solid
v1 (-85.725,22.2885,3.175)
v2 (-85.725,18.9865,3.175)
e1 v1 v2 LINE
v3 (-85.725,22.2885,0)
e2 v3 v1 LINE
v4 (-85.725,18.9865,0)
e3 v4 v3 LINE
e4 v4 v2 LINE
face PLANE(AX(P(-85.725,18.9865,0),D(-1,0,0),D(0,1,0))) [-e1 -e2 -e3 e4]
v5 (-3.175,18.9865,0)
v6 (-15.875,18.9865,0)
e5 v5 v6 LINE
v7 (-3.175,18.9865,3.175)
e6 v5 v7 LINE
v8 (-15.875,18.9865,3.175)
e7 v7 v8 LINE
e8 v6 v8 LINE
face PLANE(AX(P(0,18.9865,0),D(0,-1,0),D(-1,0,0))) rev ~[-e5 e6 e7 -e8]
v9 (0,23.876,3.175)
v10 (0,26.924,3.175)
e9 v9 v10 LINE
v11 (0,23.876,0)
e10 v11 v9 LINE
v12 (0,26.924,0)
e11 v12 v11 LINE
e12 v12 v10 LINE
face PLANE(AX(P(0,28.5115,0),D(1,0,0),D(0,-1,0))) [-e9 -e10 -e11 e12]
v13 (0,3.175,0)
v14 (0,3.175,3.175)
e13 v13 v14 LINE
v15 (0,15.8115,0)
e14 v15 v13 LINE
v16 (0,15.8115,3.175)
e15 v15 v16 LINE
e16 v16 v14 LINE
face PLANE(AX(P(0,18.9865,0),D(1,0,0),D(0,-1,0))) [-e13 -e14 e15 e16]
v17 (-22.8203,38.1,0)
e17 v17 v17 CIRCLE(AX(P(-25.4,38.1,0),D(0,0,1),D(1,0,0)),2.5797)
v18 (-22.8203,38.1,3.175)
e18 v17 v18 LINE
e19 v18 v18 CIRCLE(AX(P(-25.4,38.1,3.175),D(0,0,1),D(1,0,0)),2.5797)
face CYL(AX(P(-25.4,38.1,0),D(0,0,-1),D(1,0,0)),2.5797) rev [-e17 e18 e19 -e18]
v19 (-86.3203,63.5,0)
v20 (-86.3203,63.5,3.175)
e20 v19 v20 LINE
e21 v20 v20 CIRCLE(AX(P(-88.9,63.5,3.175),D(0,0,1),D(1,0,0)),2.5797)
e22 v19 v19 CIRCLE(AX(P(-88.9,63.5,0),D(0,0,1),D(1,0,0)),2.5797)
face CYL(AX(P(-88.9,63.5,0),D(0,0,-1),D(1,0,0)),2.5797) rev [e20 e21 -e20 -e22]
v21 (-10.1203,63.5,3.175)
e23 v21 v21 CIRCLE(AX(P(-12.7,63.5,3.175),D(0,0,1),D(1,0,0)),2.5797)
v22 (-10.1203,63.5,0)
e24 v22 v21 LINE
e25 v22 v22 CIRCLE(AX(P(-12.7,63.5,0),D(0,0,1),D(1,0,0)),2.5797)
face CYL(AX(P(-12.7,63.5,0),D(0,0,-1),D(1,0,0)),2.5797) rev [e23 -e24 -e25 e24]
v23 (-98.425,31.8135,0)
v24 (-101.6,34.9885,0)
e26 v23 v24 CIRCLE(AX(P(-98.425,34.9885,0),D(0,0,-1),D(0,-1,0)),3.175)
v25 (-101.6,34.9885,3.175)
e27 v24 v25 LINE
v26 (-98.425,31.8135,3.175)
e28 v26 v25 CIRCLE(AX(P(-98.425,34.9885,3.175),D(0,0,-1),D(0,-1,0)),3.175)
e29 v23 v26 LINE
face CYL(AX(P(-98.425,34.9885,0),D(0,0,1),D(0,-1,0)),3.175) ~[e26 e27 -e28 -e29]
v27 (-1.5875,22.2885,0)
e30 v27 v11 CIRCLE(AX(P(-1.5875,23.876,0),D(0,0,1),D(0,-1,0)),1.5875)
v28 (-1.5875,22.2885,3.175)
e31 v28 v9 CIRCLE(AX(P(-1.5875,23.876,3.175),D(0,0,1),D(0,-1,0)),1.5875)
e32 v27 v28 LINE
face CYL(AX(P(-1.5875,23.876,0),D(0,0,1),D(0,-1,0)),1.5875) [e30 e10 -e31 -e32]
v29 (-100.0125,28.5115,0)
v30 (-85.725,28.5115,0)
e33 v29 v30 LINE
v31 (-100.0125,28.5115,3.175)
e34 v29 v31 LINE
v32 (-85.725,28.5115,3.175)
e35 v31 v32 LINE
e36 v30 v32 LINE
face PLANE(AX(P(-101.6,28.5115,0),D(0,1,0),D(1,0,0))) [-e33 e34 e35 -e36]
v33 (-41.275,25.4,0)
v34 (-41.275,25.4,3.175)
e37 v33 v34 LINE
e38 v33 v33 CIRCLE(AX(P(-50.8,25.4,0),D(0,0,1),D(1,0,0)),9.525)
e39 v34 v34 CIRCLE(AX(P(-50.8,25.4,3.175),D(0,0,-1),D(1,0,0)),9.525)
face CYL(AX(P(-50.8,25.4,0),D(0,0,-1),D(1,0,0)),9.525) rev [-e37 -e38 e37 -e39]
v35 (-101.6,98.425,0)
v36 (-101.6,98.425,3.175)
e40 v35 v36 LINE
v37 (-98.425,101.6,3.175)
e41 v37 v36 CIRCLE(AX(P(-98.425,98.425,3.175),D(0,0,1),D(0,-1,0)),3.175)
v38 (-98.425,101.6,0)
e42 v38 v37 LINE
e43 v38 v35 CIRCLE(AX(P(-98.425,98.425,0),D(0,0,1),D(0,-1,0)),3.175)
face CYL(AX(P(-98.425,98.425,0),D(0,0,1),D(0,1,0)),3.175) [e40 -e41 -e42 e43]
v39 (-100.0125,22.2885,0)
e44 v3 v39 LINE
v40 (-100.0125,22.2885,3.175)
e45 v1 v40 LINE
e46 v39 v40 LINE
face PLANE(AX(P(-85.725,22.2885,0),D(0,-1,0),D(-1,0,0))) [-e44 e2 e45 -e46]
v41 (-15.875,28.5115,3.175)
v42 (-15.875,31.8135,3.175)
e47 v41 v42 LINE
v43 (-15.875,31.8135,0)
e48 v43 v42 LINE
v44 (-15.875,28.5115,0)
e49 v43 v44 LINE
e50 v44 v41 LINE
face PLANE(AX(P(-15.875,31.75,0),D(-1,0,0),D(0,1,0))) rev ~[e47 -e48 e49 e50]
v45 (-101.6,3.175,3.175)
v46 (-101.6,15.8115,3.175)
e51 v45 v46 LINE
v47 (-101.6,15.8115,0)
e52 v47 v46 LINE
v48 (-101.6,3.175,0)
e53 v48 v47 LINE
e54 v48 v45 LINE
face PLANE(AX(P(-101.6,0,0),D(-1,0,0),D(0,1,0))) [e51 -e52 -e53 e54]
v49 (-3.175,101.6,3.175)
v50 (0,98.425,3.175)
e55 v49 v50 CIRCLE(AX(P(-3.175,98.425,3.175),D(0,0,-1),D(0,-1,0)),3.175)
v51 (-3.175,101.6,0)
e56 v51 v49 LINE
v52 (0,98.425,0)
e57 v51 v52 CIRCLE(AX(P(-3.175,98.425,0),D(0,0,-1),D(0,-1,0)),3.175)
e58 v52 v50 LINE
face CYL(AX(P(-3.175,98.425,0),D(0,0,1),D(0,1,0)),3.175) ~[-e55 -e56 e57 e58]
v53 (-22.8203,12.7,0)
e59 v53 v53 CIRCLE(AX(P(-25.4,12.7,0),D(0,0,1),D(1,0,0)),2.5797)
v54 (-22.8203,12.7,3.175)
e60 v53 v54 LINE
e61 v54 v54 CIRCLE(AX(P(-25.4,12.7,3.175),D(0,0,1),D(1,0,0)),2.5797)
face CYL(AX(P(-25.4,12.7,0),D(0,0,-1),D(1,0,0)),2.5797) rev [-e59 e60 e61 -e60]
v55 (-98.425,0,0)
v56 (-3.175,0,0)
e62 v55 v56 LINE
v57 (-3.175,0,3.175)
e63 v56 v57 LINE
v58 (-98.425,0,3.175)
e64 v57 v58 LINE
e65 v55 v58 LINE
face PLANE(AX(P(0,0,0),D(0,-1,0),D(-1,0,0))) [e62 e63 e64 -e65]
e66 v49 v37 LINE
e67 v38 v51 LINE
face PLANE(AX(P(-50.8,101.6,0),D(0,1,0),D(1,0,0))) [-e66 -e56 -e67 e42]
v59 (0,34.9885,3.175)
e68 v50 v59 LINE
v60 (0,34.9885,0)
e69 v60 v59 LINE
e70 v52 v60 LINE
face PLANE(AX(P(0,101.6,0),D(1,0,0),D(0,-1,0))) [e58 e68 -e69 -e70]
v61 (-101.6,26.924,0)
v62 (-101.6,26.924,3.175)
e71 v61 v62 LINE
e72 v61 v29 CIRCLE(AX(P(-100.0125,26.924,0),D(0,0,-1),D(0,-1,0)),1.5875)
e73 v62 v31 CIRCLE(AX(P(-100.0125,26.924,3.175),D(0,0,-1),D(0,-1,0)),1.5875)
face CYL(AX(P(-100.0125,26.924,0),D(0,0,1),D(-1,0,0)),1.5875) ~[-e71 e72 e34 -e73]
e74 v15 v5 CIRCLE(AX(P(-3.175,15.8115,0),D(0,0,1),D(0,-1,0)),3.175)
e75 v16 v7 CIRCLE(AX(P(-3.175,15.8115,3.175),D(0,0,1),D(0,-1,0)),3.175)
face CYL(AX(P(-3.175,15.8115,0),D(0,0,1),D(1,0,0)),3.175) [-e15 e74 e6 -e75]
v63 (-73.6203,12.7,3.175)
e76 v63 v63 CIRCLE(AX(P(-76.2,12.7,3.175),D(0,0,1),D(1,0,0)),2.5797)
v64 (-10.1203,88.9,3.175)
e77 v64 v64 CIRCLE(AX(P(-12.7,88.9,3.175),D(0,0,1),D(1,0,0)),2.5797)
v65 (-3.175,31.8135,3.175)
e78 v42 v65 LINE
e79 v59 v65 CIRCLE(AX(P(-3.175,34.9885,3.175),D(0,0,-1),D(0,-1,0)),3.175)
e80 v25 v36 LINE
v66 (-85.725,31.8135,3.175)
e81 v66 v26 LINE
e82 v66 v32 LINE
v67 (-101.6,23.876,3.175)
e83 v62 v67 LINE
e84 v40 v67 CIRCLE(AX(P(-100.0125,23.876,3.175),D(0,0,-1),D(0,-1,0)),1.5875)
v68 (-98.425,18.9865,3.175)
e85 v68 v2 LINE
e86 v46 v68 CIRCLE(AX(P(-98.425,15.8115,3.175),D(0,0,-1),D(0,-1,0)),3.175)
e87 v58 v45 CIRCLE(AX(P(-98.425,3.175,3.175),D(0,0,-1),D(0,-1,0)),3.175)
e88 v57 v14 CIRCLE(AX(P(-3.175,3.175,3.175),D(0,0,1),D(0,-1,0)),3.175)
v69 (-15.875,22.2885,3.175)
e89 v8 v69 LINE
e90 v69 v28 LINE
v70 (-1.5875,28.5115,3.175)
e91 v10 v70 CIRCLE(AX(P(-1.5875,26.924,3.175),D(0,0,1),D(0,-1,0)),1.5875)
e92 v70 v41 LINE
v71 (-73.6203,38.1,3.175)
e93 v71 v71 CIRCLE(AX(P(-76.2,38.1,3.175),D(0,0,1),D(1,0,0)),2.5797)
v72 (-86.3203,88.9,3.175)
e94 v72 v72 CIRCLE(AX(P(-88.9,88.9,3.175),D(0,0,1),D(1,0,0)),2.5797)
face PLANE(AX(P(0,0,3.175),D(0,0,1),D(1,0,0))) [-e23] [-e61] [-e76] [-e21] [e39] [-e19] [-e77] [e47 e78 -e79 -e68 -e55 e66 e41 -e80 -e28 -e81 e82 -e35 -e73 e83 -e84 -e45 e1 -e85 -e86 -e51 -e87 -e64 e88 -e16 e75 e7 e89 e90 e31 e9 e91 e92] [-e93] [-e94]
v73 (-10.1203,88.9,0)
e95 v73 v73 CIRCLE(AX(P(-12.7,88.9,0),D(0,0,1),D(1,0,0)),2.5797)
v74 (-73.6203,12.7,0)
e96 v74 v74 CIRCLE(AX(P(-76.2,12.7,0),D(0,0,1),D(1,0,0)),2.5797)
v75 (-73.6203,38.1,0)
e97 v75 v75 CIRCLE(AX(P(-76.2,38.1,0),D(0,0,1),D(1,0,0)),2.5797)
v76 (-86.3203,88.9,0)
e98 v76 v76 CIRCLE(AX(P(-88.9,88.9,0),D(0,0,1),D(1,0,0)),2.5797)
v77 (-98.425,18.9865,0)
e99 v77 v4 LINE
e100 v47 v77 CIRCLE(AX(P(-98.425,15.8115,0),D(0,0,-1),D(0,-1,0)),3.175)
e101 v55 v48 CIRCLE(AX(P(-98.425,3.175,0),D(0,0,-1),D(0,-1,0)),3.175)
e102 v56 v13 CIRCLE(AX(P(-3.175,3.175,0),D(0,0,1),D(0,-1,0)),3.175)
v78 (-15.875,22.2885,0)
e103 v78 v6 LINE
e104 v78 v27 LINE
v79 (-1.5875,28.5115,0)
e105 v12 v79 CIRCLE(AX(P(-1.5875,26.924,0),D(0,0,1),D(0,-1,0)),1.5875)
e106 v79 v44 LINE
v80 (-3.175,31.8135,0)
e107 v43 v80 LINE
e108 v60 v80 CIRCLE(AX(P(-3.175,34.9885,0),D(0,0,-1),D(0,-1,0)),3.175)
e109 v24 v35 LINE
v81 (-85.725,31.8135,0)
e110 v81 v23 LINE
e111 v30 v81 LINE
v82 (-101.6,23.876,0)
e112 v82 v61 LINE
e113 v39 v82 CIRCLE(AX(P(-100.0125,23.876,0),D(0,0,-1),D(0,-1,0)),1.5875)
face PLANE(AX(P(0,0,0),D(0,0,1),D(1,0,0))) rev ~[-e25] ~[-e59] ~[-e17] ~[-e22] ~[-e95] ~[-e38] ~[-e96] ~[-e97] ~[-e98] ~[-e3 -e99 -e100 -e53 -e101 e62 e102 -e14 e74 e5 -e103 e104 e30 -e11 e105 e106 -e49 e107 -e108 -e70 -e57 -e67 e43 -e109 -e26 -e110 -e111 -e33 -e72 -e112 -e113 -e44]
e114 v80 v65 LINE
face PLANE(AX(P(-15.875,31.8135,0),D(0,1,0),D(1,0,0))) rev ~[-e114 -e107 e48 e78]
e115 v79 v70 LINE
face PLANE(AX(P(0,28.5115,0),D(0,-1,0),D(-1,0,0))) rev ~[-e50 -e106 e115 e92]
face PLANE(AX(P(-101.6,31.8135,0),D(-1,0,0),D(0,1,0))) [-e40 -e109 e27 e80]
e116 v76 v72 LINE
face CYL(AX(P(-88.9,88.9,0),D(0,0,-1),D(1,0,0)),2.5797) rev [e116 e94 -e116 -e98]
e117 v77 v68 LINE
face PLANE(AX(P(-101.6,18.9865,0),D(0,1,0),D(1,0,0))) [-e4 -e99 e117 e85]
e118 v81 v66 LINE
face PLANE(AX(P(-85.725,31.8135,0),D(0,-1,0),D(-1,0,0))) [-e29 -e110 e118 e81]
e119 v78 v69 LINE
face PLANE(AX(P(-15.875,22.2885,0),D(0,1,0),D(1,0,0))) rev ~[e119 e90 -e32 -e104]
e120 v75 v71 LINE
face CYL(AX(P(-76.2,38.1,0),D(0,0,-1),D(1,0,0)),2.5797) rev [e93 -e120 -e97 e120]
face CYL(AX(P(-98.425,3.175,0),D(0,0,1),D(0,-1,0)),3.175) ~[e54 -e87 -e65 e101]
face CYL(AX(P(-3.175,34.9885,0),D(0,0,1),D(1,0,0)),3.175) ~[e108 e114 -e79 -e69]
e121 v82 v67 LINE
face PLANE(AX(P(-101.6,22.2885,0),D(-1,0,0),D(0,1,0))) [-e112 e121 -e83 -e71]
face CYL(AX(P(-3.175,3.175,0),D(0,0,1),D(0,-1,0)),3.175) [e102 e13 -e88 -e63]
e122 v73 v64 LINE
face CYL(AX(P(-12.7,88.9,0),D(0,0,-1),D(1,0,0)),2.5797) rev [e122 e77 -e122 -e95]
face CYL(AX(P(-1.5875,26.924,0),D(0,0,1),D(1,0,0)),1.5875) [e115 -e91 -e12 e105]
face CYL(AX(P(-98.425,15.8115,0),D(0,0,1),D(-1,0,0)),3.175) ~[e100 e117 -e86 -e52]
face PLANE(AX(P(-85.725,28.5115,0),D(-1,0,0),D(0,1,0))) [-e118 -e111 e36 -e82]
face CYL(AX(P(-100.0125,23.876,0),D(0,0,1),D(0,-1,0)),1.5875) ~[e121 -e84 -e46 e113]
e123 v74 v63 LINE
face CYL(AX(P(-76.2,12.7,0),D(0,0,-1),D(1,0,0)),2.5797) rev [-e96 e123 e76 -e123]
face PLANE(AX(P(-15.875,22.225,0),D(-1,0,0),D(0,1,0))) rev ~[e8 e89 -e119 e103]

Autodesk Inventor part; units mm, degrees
ref_plane "YZ Plane" through (0, 0, 0) normal (1, 0, 0) x (0, 1, 0)
ref_plane "XZ Plane" through (0, 0, 0) normal (0, 1, 0) x (-1, 0, 0)
ref_plane "XY Plane" through (0, 0, 0) normal (0, 0, 1) x (1, 0, 0)
sketch "Sketch2" plane through (0, 0, 0) normal (0, 0, 1) x (1, 0, 0)
  line L0 (0, 0) -> (-101.6, 0)
  line L1 (-101.6, 0) -> (-101.6, 101.6)
  line L2 (-101.6, 101.6) -> (0, 101.6)
  line L3 (0, 101.6) -> (0, 0)
  circle A0 centre (-12.7, 88.9) radius 2.5797
  circle A1 centre (-50.8, 76.2) radius 9.525
  circle A2 centre (-25.4, 38.1) radius 2.5797
  circle A3 centre (-50.8, 25.4) radius 9.525
  circle A4 centre (-88.9, 88.9) radius 2.5797
  circle A5 centre (-12.7, 63.5) radius 2.5797
  circle A6 centre (-88.9, 63.5) radius 2.5797
  circle A7 centre (-76.2, 38.1) radius 2.5797
  circle A8 centre (-25.4, 12.7) radius 2.5797
  circle A9 centre (-76.2, 12.7) radius 2.5797
  line L4 (-85.725, 19.05) -> (-101.6, 19.05)
  line L5 (-101.6, 19.05) -> (-101.6, 22.225)
  line L6 (-101.6, 22.225) -> (-85.725, 22.225)
  line L7 (-85.725, 22.225) -> (-85.725, 19.05)
  line L8 (-101.6, 22.225) -> (-85.725, 22.225)
  line L9 (-85.725, 22.225) -> (-85.725, 23.8125)
  line L10 (-85.725, 23.8125) -> (-101.6, 23.8125)
  line L11 (-101.6, 23.8125) -> (-101.6, 22.225)
  line L12 (-85.725, 23.8125) -> (-101.6, 23.8125)
  line L13 (-101.6, 23.8125) -> (-101.6, 26.9875)
  line L14 (-101.6, 26.9875) -> (-85.725, 26.9875)
  line L15 (-85.725, 26.9875) -> (-85.725, 23.8125)
  line L16 (-101.6, 26.9875) -> (-85.725, 26.9875)
  line L17 (-85.725, 26.9875) -> (-85.725, 28.575)
  line L18 (-85.725, 28.575) -> (-101.6, 28.575)
  line L19 (-101.6, 28.575) -> (-101.6, 26.9875)
  line L20 (-85.725, 28.575) -> (-101.6, 28.575)
  line L21 (-101.6, 28.575) -> (-101.6, 31.75)
  line L22 (-101.6, 31.75) -> (-85.725, 31.75)
  line L23 (-85.725, 31.75) -> (-85.725, 28.575)
  line L24 (-85.725, 31.8135) -> (-101.6, 31.8135)
  line L25 (-101.6, 31.8135) -> (-101.6, 28.5115)
  line L26 (-101.6, 28.5115) -> (-85.725, 28.5115)
  line L27 (-85.725, 28.5115) -> (-85.725, 31.8135)
  line L28 (-85.725, 27.051) -> (-101.6, 27.051)
  line L29 (-101.6, 27.051) -> (-101.6, 23.749)
  line L30 (-101.6, 23.749) -> (-85.725, 23.749)
  line L31 (-85.725, 23.749) -> (-85.725, 27.051)
  line L32 (-85.725, 22.2885) -> (-101.6, 22.2885)
  line L33 (-101.6, 22.2885) -> (-101.6, 18.9865)
  line L34 (-101.6, 18.9865) -> (-85.725, 18.9865)
  line L35 (-85.725, 18.9865) -> (-85.725, 22.2885)
  line L36 (-101.6, 26.4583) -> (-85.725, 26.4583)
  line L37 (-85.725, 26.4583) -> (-85.725, 24.3417)
  line L38 (-85.725, 24.3417) -> (-101.6, 24.3417)
  line L39 (-101.6, 24.3417) -> (-101.6, 26.4583)
  line L40 (-50.8, 0) -> (-50.8, 101.6)
  line L41 (-15.875, 19.05) -> (0, 19.05)
  line L42 (0, 19.05) -> (0, 22.225)
  line L43 (0, 22.225) -> (-15.875, 22.225)
  line L44 (-15.875, 22.225) -> (-15.875, 19.05)
  line L45 (0, 22.225) -> (-15.875, 22.225)
  line L46 (-15.875, 22.225) -> (-15.875, 23.8125)
  line L47 (-15.875, 23.8125) -> (0, 23.8125)
  line L48 (0, 23.8125) -> (0, 22.225)
  line L49 (-15.875, 23.8125) -> (0, 23.8125)
  line L50 (0, 23.8125) -> (0, 26.9875)
  line L51 (0, 26.9875) -> (-15.875, 26.9875)
  line L52 (-15.875, 26.9875) -> (-15.875, 23.8125)
  line L53 (0, 26.9875) -> (-15.875, 26.9875)
  line L54 (-15.875, 26.9875) -> (-15.875, 28.575)
  line L55 (-15.875, 28.575) -> (0, 28.575)
  line L56 (0, 28.575) -> (0, 26.9875)
  line L57 (-15.875, 28.575) -> (0, 28.575)
  line L58 (0, 28.575) -> (0, 31.75)
  line L59 (0, 31.75) -> (-15.875, 31.75)
  line L60 (-15.875, 31.75) -> (-15.875, 28.575)
  line L61 (-15.875, 31.8135) -> (0, 31.8135)
  line L62 (0, 31.8135) -> (0, 28.5115)
  line L63 (0, 28.5115) -> (-15.875, 28.5115)
  line L64 (-15.875, 28.5115) -> (-15.875, 31.8135)
  line L65 (-15.875, 27.051) -> (0, 27.051)
  line L66 (0, 27.051) -> (0, 23.749)
  line L67 (0, 23.749) -> (-15.875, 23.749)
  line L68 (-15.875, 23.749) -> (-15.875, 27.051)
  line L69 (-15.875, 22.2885) -> (0, 22.2885)
  line L70 (0, 22.2885) -> (0, 18.9865)
  line L71 (0, 18.9865) -> (-15.875, 18.9865)
  line L72 (-15.875, 18.9865) -> (-15.875, 22.2885)
  line L73 (0, 26.4583) -> (-15.875, 26.4583)
  line L74 (-15.875, 26.4583) -> (-15.875, 24.3417)
  line L75 (-15.875, 24.3417) -> (0, 24.3417)
  line L76 (0, 24.3417) -> (0, 26.4583)
  point P0 (-101.6, 30.1625)
  point P1 (-101.6, 20.6375)
  point P2 (-101.6, 25.4)
  point P3 (-85.725, 25.4)
  point P4 (0, 30.1625)
  point P5 (0, 20.6375)
  point P6 (0, 25.4)
  point P7 (-15.875, 25.4)
  point P8 (-50.8, 15.875)
  point P9 (-50.8, 34.925)
  point P10 (-50.8, 66.675)
  point P11 (-50.8, 85.725)
  dimension "d60" = 101.6
  dimension "d61" = 101.6
  dimension "d62" = 19.05
  dimension "d63" = 5.1594
  dimension "d66" = 12.7
  dimension "d69" = 76.2
  dimension "d72" = 25.4
  dimension "d75" = 12.7
  dimension "d76" = 38.1
  dimension "d77" = 12.7
  dimension "d80" = 50.8
  dimension "d83" = 25.4
  dimension "d86" = 25.4
  dimension "d87" = 12.7
  dimension "d88" = 12.7
  dimension "d89" = 25.4
  dimension "d96" = 3.175
  dimension "d97" = 1.5875
  dimension "d98" = 3.302
  dimension "d101" = 2.1167
  dimension "d103" = 15.875
  dimension "d104" = 25.4
extrude "Extrusion2" add sketch "Sketch2" along normal blind 3.175 contours L0 L40 A3 A1 L2 L3 L61 L64 L60 L54 L52 L46 L44 L72 L71 | L0 L1 L34 L35 L7 L9 L15 L17 L23 L27 L24 L2 L40 A1 A3 | L40 A1 | A1 L40 | L69 L46 L67 L3 | L67 L46 L47 L3 | L1 L30 L9 L32 | L47 L52 L75 L3 | L1 L10 L9 L30 | L75 L52 L73 L3 | L1 L38 L15 L10 | L73 L52 L51 L3 | L1 L36 L15 L38 | L51 L54 L65 L3 | L1 L14 L15 L36 | L65 L54 L63 L3 | L1 L28 L17 L14 | L26 L17 L28 L1
fillet "Fillet3" radius 3.175 8 edges at (0, 101.6, 1.5875) (-101.6, 101.6, 1.5875) (0, 18.9865, 1.5875) (0, 31.8135, 1.5875) (0, 0, 1.5875) (-101.6, 0, 1.5875) (-101.6, 18.9865, 1.5875) (-101.6, 31.8135, 1.5875)
fillet "Fillet4" radius 1.5875 4 edges at (0, 22.2885, 1.5875) (0, 28.5115, 1.5875) (-101.6, 22.2885, 1.5875) (-101.6, 28.5115, 1.5875)
properties part number "Dipper Plate (backplate)"
